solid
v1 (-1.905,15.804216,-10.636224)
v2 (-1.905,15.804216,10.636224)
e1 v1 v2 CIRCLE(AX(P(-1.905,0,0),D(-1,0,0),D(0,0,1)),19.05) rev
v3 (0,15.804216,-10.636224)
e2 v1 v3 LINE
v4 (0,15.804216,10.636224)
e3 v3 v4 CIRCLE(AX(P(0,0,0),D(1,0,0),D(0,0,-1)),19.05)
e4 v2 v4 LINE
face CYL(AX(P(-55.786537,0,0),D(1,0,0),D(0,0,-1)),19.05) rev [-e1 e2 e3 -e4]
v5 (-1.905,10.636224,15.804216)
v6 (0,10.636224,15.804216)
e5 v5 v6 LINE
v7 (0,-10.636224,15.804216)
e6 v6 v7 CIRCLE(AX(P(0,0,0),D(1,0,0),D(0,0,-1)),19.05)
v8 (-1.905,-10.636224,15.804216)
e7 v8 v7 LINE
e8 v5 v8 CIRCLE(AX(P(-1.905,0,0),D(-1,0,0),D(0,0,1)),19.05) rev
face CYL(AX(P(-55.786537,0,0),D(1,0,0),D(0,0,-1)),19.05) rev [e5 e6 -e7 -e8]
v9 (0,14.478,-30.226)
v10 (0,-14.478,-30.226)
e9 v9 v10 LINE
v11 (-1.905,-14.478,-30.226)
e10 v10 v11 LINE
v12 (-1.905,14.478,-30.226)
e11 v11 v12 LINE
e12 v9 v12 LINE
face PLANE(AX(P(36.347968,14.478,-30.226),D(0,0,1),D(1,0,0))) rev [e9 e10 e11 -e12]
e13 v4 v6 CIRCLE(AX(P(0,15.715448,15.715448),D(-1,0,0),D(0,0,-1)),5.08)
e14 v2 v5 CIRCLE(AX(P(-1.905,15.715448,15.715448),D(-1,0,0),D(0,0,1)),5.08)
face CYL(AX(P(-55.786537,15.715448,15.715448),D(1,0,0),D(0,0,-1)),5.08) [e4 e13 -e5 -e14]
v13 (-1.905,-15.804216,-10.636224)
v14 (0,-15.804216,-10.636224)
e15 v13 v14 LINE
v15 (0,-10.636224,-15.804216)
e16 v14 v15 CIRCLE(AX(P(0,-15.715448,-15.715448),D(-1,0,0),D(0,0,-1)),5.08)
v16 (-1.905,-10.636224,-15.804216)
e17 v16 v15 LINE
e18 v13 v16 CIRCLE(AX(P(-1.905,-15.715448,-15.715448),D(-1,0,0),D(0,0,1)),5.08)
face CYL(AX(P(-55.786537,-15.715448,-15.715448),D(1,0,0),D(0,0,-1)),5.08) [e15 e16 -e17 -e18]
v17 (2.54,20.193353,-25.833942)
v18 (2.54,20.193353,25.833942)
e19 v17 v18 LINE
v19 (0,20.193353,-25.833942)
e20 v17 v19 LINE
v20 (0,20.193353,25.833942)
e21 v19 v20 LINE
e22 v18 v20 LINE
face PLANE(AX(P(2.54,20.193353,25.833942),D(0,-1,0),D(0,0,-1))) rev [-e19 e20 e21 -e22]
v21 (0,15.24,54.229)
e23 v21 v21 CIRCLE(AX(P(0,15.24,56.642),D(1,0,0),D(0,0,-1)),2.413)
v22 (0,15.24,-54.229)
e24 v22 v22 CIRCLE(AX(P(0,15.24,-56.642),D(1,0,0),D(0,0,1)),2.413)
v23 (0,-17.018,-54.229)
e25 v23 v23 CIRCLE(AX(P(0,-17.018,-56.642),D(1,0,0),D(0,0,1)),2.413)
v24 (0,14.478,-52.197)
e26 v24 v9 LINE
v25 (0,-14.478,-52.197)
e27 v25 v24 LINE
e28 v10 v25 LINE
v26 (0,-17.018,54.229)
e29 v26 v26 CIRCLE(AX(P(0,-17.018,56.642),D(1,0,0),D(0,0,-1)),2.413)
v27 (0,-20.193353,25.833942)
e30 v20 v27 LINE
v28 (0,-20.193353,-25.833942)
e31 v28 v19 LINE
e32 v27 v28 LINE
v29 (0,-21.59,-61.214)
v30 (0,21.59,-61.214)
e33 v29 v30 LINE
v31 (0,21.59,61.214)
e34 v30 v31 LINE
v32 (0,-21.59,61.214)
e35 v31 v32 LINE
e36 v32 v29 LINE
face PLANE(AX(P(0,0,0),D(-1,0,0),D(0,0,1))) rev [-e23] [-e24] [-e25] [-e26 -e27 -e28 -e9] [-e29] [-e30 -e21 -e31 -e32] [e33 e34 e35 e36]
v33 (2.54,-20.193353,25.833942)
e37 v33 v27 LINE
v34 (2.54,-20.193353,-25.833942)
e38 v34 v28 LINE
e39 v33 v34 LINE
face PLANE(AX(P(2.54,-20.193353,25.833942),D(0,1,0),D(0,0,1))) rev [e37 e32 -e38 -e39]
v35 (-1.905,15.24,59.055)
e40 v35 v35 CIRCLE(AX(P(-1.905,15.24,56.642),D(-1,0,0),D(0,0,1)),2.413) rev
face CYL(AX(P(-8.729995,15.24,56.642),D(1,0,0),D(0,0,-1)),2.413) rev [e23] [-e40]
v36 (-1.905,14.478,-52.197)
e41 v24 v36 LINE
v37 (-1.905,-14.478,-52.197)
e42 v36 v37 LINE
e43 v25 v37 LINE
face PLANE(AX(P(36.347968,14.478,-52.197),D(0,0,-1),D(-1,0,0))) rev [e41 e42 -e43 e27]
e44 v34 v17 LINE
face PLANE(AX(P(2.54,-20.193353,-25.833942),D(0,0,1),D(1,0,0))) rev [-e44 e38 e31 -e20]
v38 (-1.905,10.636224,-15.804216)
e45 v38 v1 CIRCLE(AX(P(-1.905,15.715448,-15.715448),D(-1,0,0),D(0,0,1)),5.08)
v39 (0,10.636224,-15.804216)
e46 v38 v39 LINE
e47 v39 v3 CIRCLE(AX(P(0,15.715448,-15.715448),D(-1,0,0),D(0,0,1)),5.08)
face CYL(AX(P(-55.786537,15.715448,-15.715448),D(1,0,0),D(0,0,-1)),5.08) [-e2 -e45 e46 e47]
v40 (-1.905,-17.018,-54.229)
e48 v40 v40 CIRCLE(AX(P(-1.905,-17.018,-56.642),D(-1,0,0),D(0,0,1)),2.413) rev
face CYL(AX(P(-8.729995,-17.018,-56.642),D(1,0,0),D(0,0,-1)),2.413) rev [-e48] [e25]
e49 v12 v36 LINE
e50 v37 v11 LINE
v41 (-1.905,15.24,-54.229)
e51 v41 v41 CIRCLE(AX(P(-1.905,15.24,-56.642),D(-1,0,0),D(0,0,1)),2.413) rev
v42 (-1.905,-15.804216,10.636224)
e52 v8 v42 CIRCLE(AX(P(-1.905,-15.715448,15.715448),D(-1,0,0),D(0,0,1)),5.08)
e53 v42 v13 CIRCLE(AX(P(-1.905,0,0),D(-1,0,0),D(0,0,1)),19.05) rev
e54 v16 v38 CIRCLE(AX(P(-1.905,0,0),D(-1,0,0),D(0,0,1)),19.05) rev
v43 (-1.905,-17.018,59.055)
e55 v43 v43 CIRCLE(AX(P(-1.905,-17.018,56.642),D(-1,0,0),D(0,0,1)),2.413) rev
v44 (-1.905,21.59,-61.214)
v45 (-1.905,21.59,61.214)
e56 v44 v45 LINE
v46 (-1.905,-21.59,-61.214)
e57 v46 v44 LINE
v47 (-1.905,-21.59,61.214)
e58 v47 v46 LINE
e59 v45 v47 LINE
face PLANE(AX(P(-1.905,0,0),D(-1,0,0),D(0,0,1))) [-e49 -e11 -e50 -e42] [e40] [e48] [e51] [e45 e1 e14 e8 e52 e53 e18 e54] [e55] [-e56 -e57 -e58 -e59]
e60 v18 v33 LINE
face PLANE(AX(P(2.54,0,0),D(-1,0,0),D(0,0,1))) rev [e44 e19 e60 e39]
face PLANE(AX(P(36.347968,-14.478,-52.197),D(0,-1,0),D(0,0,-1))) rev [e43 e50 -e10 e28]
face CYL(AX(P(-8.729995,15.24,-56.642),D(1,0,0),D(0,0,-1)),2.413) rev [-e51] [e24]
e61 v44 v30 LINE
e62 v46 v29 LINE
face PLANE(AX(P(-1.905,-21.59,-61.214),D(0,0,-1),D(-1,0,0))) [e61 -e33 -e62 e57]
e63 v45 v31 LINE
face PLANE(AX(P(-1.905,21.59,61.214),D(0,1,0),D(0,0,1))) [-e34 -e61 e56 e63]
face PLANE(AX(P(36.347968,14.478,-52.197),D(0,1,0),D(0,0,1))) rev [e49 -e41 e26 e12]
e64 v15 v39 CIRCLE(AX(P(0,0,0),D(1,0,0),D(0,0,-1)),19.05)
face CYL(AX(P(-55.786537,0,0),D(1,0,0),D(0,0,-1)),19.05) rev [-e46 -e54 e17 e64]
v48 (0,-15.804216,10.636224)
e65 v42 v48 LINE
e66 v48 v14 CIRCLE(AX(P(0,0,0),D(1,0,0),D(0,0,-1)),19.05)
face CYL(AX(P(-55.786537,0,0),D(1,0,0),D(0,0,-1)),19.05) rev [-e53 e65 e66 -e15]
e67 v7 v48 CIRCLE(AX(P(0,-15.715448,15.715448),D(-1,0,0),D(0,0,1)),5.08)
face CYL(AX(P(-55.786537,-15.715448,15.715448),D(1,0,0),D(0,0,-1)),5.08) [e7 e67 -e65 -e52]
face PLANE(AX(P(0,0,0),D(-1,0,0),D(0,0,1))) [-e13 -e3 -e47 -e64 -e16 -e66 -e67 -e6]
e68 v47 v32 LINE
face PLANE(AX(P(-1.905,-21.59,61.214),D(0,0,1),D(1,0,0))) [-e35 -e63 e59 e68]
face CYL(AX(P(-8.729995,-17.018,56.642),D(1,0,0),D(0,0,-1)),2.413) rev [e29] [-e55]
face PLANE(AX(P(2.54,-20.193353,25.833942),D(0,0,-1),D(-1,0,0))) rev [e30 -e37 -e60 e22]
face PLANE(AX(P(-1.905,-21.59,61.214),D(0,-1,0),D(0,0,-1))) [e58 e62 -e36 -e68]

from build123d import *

# Parameters (mm, degrees)
SKETCH1_W           = 122.428
SKETCH1_H           = 43.18
BOSS_EXTRUDE1_DEPTH = 1.905
SKETCH2_R           = 2.413
CUT_EXTRUDE1_DEPTH  = 1.905
CUT_EXTRUDE2_DEPTH  = 1.905
SKETCH4_W           = 21.971
SKETCH4_H           = 28.956
CUT_EXTRUDE3_DEPTH  = 1.905
SKETCH5_W           = 51.6678832
SKETCH5_H           = 40.386705486
BOSS_EXTRUDE2_DEPTH = 2.54


with BuildPart() as part:
    # Sketch1 → Boss-Extrude1 (new body)
    with BuildSketch(Plane(origin=(0, 0, 0), x_dir=(0, 0, -1), z_dir=(1, 0, 0))):
        Rectangle(SKETCH1_W, SKETCH1_H)
    extrude(amount=-BOSS_EXTRUDE1_DEPTH)

    # Sketch2 → Cut-Extrude1 (cut)
    with BuildSketch(Plane(origin=(0, 0, 0), x_dir=(0, 0, -1), z_dir=(1, 0, 0))):
        with Locations((-56.642, 15.24)):
            Circle(SKETCH2_R)
        with Locations((-56.642, -17.018)):
            Circle(SKETCH2_R)
        with Locations((56.642, 15.24)):
            Circle(SKETCH2_R)
        with Locations((56.642, -17.018)):
            Circle(SKETCH2_R)
    extrude(amount=-CUT_EXTRUDE1_DEPTH, mode=Mode.SUBTRACT)

    # Sketch3 → Cut-Extrude2 (cut)
    with BuildSketch(Plane(origin=(0, 0, 0), x_dir=(0, 0, -1), z_dir=(1, 0, 0))):
        with BuildLine():
            ThreePointArc((-10.636223834, -15.804215974), (0, -19.05), (10.636223834, -15.804215974))
            ThreePointArc((10.636223834, -15.804215974), (12.123345763, -12.123345763), (15.804215974, -10.636223834))
            ThreePointArc((15.804215974, -10.636223834), (19.05, 0), (15.804215974, 10.636223834))
            ThreePointArc((15.804215974, 10.636223834), (12.123345763, 12.123345763), (10.636223834, 15.804215974))
            ThreePointArc((10.636223834, 15.804215974), (0, 19.05), (-10.636223834, 15.804215974))
            ThreePointArc((-10.636223834, 15.804215974), (-12.123345763, 12.123345763), (-15.804215974, 10.636223834))
            ThreePointArc((-15.804215974, 10.636223834), (-19.05, 0), (-15.804215974, -10.636223834))
            ThreePointArc((-15.804215974, -10.636223834), (-12.123345763, -12.123345763), (-10.636223834, -15.804215974))
        make_face()
    extrude(amount=-CUT_EXTRUDE2_DEPTH, mode=Mode.SUBTRACT)

    # Sketch4 → Cut-Extrude3 (cut)
    with BuildSketch(Plane.ZY.offset(1.905)):
        with Locations((-41.2115, 0)):
            Rectangle(SKETCH4_W, SKETCH4_H)
    extrude(amount=-CUT_EXTRUDE3_DEPTH, mode=Mode.SUBTRACT)

    # Sketch5 → Boss-Extrude2 (add)
    with BuildSketch(Plane(origin=(0, 0, 0), x_dir=(0, 0, -1), z_dir=(1, 0, 0))):
        Rectangle(SKETCH5_W, SKETCH5_H)
    extrude(amount=BOSS_EXTRUDE2_DEPTH)


solid = part.part
